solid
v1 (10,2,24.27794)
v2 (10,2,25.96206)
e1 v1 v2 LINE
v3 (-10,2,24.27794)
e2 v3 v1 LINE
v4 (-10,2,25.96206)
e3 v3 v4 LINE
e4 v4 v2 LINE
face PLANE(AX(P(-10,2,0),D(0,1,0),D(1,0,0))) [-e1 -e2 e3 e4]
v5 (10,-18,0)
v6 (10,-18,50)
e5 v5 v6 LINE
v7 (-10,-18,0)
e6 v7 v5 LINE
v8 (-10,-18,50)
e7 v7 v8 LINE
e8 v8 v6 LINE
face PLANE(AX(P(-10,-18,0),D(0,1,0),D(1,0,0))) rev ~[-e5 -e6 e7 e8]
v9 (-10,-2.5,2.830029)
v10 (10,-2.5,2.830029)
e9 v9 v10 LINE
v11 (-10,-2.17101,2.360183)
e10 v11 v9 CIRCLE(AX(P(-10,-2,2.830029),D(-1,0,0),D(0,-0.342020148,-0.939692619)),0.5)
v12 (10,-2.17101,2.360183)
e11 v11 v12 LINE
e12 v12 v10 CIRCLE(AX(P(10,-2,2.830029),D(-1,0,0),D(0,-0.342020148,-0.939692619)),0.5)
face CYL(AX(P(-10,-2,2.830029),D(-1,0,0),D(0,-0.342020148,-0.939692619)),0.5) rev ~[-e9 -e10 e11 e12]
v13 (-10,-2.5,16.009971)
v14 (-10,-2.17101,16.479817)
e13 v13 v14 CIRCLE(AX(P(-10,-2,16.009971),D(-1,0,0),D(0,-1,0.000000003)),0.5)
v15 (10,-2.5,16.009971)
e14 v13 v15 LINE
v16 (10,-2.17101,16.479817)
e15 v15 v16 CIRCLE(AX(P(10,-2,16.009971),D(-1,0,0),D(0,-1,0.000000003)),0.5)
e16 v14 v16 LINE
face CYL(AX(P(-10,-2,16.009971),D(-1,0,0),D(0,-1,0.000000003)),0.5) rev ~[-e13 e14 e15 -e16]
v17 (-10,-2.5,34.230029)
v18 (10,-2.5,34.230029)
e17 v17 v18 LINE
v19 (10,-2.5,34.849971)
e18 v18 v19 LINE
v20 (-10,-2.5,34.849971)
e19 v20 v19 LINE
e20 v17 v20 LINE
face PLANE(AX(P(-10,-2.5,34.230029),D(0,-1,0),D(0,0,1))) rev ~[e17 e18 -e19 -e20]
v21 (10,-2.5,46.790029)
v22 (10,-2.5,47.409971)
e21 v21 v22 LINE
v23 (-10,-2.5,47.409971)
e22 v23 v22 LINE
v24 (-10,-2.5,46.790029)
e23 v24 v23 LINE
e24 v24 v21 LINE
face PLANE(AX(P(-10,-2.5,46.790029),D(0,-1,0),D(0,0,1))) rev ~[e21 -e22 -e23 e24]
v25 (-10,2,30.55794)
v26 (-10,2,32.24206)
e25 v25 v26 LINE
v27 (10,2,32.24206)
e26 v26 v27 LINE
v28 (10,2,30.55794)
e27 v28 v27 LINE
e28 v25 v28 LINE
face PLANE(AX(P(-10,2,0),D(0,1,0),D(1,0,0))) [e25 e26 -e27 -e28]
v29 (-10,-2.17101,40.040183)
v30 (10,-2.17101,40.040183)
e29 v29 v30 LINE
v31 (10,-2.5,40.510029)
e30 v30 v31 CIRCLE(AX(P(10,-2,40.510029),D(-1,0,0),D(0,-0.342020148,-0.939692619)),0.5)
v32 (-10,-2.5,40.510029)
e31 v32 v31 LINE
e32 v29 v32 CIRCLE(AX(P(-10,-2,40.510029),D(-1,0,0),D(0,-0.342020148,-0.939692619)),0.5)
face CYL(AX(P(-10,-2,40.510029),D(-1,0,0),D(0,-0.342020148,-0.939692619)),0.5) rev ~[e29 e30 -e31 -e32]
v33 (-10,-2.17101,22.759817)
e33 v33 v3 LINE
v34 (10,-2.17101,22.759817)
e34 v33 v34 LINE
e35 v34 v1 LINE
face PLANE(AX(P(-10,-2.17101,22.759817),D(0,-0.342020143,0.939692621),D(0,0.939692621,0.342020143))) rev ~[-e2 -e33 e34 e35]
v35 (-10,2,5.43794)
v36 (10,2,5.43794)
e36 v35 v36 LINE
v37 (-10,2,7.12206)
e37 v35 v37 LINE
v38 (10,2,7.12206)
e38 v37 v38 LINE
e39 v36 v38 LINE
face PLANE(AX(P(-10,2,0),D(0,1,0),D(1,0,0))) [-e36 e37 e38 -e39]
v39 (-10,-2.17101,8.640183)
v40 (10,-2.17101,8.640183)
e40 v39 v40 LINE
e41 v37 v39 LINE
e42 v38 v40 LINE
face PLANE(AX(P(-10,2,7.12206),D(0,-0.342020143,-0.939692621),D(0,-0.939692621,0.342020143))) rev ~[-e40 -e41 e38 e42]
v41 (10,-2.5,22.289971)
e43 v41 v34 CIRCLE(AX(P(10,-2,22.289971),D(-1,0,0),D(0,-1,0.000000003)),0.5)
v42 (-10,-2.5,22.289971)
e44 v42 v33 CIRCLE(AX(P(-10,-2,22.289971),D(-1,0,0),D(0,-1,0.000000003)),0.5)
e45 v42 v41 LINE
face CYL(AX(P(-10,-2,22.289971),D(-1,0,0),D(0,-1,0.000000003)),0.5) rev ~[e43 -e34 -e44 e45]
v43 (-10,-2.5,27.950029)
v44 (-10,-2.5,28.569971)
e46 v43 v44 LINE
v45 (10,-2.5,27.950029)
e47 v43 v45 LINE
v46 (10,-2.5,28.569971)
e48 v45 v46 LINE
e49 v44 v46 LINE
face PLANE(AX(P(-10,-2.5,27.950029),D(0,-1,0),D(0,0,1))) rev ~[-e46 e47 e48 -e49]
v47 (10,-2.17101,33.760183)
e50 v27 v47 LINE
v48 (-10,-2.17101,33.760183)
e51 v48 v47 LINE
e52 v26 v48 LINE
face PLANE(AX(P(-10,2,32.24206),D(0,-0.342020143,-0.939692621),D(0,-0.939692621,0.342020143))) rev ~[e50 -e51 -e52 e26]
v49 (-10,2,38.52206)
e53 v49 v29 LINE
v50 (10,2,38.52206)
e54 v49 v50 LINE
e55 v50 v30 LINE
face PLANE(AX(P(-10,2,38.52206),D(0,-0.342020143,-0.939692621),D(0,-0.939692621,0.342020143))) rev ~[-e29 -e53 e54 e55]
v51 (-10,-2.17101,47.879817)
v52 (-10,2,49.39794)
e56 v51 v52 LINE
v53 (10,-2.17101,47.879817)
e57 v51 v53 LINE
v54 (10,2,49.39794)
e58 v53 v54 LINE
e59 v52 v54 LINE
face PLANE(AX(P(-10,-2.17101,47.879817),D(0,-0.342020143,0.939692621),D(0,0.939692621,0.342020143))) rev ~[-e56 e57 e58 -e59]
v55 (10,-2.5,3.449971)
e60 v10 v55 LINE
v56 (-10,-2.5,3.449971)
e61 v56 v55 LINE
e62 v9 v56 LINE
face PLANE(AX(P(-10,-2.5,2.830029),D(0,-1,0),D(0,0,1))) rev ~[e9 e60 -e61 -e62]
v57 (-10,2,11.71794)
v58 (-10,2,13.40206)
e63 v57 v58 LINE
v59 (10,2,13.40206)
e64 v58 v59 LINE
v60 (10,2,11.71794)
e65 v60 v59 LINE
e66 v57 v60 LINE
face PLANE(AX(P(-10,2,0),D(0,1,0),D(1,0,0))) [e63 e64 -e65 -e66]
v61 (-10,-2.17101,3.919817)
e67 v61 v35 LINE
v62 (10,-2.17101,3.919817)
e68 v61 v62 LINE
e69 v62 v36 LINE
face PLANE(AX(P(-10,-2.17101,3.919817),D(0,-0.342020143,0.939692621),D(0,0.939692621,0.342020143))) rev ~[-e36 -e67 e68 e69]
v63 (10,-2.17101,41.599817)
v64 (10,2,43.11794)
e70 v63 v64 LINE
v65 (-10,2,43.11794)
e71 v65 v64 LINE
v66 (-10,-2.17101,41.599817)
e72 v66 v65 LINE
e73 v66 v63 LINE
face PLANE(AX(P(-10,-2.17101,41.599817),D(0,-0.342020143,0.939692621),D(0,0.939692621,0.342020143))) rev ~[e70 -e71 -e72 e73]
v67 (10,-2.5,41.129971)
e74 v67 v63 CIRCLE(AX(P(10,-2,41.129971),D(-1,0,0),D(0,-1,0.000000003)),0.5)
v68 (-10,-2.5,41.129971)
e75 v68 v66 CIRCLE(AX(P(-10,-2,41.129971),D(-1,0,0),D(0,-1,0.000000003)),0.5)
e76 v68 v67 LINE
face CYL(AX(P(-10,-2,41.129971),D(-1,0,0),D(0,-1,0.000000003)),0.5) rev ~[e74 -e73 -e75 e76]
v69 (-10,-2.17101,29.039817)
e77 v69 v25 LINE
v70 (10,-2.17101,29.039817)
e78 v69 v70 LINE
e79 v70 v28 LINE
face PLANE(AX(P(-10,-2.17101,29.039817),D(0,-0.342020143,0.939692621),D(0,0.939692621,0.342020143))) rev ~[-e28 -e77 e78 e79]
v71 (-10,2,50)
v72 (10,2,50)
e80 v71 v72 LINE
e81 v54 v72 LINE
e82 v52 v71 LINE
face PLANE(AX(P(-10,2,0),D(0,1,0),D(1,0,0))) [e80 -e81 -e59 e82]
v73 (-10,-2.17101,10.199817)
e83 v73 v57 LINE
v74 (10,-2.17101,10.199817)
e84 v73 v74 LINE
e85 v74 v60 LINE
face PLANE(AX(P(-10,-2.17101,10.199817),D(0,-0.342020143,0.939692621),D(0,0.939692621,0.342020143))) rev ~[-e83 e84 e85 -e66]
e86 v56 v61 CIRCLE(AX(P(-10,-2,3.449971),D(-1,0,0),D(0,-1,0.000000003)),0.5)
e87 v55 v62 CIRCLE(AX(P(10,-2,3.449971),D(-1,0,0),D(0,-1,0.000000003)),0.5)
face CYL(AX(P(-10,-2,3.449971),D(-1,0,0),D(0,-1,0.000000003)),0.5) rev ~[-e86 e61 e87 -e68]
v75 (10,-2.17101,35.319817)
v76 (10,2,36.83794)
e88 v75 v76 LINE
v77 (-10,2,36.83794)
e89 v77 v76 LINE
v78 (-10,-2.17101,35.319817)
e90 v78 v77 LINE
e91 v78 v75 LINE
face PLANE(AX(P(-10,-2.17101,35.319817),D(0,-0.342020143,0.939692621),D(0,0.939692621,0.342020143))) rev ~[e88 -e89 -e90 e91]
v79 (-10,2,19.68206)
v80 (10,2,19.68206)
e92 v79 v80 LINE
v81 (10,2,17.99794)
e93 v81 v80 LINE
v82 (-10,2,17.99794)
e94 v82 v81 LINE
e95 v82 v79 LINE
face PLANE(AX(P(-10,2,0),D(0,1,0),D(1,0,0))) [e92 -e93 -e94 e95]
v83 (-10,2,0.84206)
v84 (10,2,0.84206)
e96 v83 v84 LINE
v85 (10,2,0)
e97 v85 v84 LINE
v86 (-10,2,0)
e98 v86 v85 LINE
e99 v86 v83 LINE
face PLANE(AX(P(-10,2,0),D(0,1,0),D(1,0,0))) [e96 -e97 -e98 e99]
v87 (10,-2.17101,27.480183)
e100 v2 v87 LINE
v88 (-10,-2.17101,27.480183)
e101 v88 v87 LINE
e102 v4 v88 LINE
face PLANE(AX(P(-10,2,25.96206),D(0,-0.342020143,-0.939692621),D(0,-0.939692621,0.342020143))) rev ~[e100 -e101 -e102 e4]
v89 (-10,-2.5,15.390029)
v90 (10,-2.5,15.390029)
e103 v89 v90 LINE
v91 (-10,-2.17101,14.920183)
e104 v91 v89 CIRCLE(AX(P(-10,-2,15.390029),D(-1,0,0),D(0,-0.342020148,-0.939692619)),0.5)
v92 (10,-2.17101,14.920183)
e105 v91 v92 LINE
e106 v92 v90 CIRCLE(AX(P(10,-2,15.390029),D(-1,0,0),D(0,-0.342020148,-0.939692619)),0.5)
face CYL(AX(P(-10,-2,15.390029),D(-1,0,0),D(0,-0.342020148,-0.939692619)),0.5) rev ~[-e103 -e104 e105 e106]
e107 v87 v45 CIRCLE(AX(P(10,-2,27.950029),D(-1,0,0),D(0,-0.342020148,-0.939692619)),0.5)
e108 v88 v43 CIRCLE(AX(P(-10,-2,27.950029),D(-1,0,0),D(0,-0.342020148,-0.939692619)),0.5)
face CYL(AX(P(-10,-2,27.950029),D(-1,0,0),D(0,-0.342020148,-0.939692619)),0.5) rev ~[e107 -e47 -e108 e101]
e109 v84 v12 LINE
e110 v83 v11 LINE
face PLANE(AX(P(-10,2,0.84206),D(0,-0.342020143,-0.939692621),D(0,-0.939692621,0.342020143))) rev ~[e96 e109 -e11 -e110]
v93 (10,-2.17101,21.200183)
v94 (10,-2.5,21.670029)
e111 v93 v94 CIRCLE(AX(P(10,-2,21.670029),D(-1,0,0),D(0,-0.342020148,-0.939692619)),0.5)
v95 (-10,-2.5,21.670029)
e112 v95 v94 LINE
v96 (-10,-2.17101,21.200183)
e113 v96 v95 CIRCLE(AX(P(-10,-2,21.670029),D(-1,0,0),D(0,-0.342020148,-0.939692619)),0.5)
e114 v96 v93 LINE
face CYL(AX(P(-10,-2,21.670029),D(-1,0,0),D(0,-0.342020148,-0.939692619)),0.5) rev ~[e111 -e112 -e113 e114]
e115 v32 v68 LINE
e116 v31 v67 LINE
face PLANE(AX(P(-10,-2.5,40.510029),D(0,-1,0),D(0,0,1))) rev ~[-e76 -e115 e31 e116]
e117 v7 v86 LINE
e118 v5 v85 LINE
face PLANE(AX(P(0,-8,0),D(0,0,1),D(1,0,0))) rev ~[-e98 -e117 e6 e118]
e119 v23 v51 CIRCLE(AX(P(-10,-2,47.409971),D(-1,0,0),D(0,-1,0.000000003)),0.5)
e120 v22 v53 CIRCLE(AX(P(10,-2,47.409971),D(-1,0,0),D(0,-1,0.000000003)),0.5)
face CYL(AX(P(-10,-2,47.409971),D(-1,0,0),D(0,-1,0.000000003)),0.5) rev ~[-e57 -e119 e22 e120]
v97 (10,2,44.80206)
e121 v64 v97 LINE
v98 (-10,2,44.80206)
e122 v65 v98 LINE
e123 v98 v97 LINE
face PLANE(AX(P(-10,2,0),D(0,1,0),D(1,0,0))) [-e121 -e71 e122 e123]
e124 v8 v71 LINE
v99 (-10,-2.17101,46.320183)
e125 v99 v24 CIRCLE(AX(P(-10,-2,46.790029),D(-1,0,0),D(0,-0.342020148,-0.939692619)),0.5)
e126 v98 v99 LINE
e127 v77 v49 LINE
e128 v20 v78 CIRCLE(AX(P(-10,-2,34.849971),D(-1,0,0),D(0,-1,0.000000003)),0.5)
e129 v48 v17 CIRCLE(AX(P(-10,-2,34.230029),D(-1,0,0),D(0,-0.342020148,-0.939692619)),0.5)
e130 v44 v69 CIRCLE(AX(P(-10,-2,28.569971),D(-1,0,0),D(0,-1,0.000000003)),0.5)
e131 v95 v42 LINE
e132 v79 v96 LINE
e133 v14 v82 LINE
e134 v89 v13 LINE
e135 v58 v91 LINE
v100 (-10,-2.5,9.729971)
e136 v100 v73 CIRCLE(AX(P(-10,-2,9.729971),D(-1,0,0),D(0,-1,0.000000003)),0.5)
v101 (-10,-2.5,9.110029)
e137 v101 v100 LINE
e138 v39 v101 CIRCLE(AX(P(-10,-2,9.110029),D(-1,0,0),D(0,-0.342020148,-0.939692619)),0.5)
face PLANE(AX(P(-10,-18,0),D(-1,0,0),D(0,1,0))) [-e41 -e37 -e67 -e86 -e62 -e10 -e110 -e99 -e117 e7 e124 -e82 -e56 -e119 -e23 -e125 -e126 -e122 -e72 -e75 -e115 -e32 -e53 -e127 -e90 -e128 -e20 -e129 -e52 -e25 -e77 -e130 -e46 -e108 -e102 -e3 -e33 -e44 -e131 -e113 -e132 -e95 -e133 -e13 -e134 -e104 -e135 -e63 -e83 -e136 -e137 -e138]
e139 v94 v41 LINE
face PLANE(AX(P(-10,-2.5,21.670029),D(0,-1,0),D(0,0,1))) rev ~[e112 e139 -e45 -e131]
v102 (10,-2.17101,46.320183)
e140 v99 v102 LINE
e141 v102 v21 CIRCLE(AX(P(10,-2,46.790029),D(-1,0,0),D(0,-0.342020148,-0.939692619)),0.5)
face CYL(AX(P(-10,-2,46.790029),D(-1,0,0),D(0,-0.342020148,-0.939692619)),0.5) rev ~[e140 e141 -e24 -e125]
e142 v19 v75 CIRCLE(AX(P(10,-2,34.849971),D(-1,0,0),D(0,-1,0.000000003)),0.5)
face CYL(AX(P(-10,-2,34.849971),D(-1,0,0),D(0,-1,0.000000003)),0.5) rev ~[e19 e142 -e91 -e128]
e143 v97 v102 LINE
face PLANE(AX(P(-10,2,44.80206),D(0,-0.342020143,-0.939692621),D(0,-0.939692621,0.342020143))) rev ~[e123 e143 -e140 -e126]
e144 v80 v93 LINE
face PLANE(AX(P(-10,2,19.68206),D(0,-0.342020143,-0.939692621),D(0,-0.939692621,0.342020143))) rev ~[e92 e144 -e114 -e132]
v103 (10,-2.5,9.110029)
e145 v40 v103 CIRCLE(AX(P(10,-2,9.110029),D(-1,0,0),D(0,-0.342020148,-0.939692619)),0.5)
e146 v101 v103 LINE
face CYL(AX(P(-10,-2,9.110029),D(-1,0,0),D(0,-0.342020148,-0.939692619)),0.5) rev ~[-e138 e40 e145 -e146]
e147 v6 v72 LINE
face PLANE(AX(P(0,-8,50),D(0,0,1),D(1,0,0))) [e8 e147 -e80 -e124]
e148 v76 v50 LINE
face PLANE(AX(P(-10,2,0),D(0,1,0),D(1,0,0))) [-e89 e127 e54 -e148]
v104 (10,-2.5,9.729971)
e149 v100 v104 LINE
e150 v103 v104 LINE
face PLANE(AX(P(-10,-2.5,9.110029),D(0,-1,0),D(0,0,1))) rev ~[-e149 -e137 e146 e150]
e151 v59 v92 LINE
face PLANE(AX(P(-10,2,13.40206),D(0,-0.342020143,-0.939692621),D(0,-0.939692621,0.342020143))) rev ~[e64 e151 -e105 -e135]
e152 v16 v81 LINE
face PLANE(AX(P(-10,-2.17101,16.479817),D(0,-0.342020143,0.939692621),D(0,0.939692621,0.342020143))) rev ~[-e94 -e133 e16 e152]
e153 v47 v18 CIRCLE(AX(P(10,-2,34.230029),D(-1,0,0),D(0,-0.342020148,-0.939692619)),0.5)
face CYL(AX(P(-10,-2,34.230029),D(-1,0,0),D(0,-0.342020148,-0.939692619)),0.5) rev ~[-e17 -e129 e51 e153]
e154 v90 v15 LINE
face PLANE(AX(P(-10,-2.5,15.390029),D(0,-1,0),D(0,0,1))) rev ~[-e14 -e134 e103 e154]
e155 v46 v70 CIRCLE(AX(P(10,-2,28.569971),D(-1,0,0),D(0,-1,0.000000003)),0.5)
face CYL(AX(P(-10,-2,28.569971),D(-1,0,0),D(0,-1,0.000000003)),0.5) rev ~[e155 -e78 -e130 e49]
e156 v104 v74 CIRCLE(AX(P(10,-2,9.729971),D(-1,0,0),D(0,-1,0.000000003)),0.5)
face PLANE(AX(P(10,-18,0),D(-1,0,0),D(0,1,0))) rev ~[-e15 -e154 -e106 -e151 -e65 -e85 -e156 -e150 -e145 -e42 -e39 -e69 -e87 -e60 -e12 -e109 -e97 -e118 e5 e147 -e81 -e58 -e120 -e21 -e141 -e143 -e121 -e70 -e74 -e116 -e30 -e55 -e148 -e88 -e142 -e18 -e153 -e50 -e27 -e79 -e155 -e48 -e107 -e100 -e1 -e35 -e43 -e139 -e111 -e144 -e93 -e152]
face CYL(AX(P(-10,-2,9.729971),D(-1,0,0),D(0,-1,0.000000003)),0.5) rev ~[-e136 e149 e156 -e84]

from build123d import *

# Parameters (mm, degrees)
SKETCH_1_W             = 20
SKETCH_1_H             = 20
EXTRUDE_1_DEPTH        = 50
CUT_EXTRUDE_1_DEPTH    = 57.780278266
PATTERN_LINEAR_1_COUNT = 8
PATTERN_LINEAR_1_PITCH = 6.28


with BuildPart() as part:
    # 草图1 → 凸台-拉伸1 (new body)
    with BuildSketch(Plane.XY):
        with Locations((0, -8)):
            Rectangle(SKETCH_1_W, SKETCH_1_H)
    extrude(amount=EXTRUDE_1_DEPTH)

    # 草图2 → 切除-拉伸1 (cut, through all)
    with BuildSketch(Plane.ZY.offset(10)):
        with BuildLine():
            Line((0.842059531, 2), (2.360183044, -2.171010072))
            ThreePointArc((2.360183044, -2.171010072), (2.543241137, -2.409576022), (2.830029355, -2.5))
            Line((2.830029355, -2.5), (3.449970645, -2.5))
            ThreePointArc((3.449970645, -2.5), (3.736758863, -2.409576022), (3.919816956, -2.171010072))
            Line((3.919816956, -2.171010072), (5.437940469, 2))
            Line((5.437940469, 2), (0.842059531, 2))
        make_face()
    cut_extrude_1 = extrude(amount=-CUT_EXTRUDE_1_DEPTH, mode=Mode.SUBTRACT)

    # 阵列(线性)1: 切除-拉伸1 ×8
    with Locations(*[(0, 0, i * PATTERN_LINEAR_1_PITCH) for i in range(1, PATTERN_LINEAR_1_COUNT)]):
        add(cut_extrude_1, mode=Mode.SUBTRACT)


solid = part.part
